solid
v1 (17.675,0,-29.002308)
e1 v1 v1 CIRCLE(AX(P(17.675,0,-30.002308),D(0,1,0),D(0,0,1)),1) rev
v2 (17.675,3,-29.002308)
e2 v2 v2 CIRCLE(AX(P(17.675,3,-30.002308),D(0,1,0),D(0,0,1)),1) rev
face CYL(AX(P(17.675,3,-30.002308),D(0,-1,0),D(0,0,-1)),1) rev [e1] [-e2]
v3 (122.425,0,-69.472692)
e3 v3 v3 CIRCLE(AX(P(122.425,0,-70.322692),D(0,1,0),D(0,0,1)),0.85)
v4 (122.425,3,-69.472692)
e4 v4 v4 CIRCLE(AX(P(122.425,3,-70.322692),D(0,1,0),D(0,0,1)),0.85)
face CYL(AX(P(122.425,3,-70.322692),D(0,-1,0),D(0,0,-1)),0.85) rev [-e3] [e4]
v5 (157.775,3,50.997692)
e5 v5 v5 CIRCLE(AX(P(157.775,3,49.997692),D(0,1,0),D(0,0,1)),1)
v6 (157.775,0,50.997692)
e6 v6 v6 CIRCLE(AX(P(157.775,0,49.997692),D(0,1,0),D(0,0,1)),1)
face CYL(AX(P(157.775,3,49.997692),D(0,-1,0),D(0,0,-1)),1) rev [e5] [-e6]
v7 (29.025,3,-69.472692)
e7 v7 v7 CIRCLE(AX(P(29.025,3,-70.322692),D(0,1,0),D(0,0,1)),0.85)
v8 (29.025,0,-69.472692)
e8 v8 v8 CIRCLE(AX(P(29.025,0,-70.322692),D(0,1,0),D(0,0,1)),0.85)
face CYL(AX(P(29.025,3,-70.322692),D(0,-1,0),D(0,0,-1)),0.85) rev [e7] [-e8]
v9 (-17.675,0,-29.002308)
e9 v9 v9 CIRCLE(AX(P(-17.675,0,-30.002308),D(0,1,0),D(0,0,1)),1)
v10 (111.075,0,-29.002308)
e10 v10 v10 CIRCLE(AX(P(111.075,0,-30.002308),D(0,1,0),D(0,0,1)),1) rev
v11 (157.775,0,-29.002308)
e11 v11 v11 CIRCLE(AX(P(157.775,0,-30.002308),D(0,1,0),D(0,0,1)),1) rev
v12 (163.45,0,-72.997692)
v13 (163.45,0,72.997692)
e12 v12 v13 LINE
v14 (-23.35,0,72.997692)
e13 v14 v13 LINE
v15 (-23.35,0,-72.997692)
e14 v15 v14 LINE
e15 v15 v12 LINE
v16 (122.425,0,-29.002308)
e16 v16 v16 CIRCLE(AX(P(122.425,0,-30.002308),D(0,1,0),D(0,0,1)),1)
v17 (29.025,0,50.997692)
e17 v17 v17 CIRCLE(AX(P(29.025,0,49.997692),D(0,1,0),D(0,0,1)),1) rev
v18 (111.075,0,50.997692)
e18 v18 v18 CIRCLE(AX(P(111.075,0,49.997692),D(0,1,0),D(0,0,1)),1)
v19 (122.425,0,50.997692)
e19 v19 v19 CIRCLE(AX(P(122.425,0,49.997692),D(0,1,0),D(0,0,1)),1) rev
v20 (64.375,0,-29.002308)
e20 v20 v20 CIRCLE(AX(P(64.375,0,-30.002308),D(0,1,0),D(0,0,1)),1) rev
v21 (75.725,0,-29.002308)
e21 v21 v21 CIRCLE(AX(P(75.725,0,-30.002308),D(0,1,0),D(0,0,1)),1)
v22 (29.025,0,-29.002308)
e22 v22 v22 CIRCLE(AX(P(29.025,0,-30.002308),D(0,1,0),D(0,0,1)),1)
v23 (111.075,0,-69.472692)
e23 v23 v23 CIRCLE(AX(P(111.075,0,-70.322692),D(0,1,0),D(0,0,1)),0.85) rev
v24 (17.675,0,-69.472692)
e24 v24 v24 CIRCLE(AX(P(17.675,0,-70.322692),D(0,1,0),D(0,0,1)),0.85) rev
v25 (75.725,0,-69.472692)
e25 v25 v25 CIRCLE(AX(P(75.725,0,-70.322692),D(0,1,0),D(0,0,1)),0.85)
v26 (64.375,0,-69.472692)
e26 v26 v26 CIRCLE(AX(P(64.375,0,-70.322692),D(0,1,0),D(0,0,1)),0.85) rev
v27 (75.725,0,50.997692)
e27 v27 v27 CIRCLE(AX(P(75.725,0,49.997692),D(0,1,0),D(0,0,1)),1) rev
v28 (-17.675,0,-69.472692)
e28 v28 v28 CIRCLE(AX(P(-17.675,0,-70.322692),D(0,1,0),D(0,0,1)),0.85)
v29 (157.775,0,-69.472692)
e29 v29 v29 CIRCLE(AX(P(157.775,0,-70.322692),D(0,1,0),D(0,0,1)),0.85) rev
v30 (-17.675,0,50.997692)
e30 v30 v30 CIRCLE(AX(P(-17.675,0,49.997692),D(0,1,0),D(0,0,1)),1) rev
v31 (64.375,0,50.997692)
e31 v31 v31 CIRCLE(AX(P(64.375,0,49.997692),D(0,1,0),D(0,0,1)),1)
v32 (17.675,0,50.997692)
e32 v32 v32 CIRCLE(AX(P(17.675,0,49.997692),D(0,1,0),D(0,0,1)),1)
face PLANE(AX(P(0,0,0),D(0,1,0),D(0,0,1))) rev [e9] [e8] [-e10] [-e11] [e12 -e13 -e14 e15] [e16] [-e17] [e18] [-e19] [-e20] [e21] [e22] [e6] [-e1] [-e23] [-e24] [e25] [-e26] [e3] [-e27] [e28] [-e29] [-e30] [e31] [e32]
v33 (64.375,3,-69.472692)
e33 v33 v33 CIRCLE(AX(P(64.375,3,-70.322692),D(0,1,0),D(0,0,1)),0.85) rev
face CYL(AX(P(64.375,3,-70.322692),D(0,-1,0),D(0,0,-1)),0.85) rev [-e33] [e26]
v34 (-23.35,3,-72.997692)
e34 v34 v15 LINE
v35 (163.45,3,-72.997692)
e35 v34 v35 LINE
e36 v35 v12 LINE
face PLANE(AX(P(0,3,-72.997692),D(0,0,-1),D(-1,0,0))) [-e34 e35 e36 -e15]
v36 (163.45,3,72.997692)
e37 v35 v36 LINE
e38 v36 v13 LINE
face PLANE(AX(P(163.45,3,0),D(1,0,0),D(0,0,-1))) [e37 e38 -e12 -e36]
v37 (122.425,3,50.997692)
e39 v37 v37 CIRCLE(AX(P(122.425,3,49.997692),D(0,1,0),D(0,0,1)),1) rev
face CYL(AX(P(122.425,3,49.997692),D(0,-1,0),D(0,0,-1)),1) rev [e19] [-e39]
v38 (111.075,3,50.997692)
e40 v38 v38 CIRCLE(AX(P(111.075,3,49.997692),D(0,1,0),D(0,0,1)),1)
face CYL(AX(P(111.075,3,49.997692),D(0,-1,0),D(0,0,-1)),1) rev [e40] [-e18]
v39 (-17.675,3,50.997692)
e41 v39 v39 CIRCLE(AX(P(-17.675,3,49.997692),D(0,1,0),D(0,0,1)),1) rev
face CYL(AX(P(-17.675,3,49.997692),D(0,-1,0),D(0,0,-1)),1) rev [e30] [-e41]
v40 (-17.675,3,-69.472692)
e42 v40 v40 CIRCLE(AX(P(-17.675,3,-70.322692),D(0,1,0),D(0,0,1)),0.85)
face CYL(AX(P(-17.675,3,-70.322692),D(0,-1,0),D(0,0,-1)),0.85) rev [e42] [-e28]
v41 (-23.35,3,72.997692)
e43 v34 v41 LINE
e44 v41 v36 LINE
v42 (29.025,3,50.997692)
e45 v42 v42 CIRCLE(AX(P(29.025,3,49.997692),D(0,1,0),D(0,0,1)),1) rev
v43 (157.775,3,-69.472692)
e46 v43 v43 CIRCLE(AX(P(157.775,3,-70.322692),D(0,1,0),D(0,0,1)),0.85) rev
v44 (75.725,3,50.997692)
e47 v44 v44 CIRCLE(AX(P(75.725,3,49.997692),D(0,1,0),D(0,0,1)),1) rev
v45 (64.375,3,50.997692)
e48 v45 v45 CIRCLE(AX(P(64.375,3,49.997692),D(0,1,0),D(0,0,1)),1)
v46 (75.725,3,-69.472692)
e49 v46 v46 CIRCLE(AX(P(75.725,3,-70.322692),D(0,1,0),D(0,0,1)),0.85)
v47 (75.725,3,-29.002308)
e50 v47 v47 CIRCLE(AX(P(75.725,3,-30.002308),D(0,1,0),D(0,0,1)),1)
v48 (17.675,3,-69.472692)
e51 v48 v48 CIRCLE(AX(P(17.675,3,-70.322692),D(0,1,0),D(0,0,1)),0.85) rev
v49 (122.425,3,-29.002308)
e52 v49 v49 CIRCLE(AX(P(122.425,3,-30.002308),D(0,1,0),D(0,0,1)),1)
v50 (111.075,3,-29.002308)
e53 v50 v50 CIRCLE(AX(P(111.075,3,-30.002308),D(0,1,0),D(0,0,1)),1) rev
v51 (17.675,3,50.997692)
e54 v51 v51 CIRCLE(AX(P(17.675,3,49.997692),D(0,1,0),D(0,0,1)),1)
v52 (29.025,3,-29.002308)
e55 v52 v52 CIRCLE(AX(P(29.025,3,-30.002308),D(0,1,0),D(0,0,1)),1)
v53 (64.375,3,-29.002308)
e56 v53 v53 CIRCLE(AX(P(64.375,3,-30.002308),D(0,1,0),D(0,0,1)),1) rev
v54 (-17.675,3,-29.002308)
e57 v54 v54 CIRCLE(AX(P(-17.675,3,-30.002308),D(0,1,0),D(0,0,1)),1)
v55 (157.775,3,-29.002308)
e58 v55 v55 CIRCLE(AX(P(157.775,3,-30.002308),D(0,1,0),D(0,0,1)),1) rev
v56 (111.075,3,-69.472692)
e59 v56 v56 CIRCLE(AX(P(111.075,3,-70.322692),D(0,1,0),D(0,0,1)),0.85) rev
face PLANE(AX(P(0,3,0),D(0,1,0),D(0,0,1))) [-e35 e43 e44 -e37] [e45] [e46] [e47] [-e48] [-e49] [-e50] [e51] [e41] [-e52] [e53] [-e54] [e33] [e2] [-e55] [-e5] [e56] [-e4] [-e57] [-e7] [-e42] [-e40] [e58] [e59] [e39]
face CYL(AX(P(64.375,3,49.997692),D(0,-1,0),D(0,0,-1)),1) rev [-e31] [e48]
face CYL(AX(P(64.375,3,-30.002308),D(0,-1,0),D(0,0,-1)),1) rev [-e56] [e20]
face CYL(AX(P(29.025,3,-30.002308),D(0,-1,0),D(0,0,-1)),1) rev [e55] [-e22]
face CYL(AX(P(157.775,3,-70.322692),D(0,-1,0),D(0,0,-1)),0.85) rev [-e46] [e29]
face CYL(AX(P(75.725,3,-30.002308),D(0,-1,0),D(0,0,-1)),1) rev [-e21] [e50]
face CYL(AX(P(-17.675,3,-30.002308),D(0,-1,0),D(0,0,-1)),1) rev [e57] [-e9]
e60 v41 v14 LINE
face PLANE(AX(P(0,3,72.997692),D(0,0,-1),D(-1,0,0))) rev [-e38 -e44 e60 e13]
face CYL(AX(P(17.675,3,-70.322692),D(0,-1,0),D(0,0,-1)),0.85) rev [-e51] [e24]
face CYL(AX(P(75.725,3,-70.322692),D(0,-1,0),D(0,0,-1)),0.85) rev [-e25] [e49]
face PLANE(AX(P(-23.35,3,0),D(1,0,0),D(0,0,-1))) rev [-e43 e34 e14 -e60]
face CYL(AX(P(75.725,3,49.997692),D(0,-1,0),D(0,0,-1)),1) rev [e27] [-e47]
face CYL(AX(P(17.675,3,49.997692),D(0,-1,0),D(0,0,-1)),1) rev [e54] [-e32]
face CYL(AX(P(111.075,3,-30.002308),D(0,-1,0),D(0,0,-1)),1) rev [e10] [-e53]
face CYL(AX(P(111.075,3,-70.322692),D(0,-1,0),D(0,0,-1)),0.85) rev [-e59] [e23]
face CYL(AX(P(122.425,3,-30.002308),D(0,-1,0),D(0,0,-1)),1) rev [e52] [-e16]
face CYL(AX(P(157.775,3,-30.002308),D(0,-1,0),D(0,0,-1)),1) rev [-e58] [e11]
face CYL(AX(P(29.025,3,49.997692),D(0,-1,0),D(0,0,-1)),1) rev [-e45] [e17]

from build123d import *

# Parameters (mm, degrees)
SKETCH1_W           = 46.7
SKETCH1_H           = 145.995384974
SKETCH1_R           = 1
SKETCH1_R_2         = 0.85
BOSS_EXTRUDE1_DEPTH = 3


with BuildPart() as part:
    # Sketch1 → Boss-Extrude1 (new body)
    # profile 1 of 4: a face of its own
    with BuildSketch(Plane(origin=(0, 0, 0), x_dir=(1, 0, 0), z_dir=(0, 1, 0))):
        Rectangle(SKETCH1_W, SKETCH1_H)
        with Locations(Location((-17.675, -49.997692487, 0), (0, 0, 270))):
            Circle(SKETCH1_R, mode=Mode.SUBTRACT)
        with Locations(Location((17.675, -49.997692487, 0), (0, 0, 270))):
            Circle(SKETCH1_R, mode=Mode.SUBTRACT)
        with Locations(Location((-17.675, 30.002307513, 0), (0, 0, 270))):
            Circle(SKETCH1_R, mode=Mode.SUBTRACT)
        with Locations(Location((17.675, 30.002307513, 0), (0, 0, 270))):
            Circle(SKETCH1_R, mode=Mode.SUBTRACT)
        with Locations(Location((-17.675, 70.322692487, 0), (0, 0, 270))):
            Circle(SKETCH1_R_2, mode=Mode.SUBTRACT)
        with Locations(Location((17.675, 70.322692487, 0), (0, 0, 270))):
            Circle(SKETCH1_R_2, mode=Mode.SUBTRACT)
    # profile 2 of 4: a face of its own
    with BuildSketch(Plane(origin=(0, 0, 0), x_dir=(1, 0, 0), z_dir=(0, 1, 0))):
        with Locations((46.7, 0)):
            Rectangle(SKETCH1_W, SKETCH1_H)
        with Locations(Location((29.025, -49.997692487, 0), (0, 0, 270))):
            Circle(SKETCH1_R, mode=Mode.SUBTRACT)
        with Locations(Location((64.375, -49.997692487, 0), (0, 0, 270))):
            Circle(SKETCH1_R, mode=Mode.SUBTRACT)
        with Locations(Location((29.025, 30.002307513, 0), (0, 0, 270))):
            Circle(SKETCH1_R, mode=Mode.SUBTRACT)
        with Locations(Location((64.375, 30.002307513, 0), (0, 0, 270))):
            Circle(SKETCH1_R, mode=Mode.SUBTRACT)
        with Locations(Location((29.025, 70.322692487, 0), (0, 0, 270))):
            Circle(SKETCH1_R_2, mode=Mode.SUBTRACT)
        with Locations(Location((64.375, 70.322692487, 0), (0, 0, 270))):
            Circle(SKETCH1_R_2, mode=Mode.SUBTRACT)
    # profile 3 of 4: a face of its own
    with BuildSketch(Plane(origin=(0, 0, 0), x_dir=(1, 0, 0), z_dir=(0, 1, 0))):
        with Locations((93.4, 0)):
            Rectangle(SKETCH1_W, SKETCH1_H)
        with Locations(Location((75.725, -49.997692487, 0), (0, 0, 270))):
            Circle(SKETCH1_R, mode=Mode.SUBTRACT)
        with Locations(Location((111.075, -49.997692487, 0), (0, 0, 270))):
            Circle(SKETCH1_R, mode=Mode.SUBTRACT)
        with Locations(Location((75.725, 30.002307513, 0), (0, 0, 270))):
            Circle(SKETCH1_R, mode=Mode.SUBTRACT)
        with Locations(Location((111.075, 30.002307513, 0), (0, 0, 270))):
            Circle(SKETCH1_R, mode=Mode.SUBTRACT)
        with Locations(Location((75.725, 70.322692487, 0), (0, 0, 270))):
            Circle(SKETCH1_R_2, mode=Mode.SUBTRACT)
        with Locations(Location((111.075, 70.322692487, 0), (0, 0, 270))):
            Circle(SKETCH1_R_2, mode=Mode.SUBTRACT)
    # profile 4 of 4: a face of its own
    with BuildSketch(Plane(origin=(0, 0, 0), x_dir=(1, 0, 0), z_dir=(0, 1, 0))):
        with Locations((140.1, 0)):
            Rectangle(SKETCH1_W, SKETCH1_H)
        with Locations(Location((122.425, -49.997692487, 0), (0, 0, 270))):
            Circle(SKETCH1_R, mode=Mode.SUBTRACT)
        with Locations(Location((157.775, -49.997692487, 0), (0, 0, 270))):
            Circle(SKETCH1_R, mode=Mode.SUBTRACT)
        with Locations(Location((122.425, 30.002307513, 0), (0, 0, 270))):
            Circle(SKETCH1_R, mode=Mode.SUBTRACT)
        with Locations(Location((157.775, 30.002307513, 0), (0, 0, 270))):
            Circle(SKETCH1_R, mode=Mode.SUBTRACT)
        with Locations(Location((122.425, 70.322692487, 0), (0, 0, 270))):
            Circle(SKETCH1_R_2, mode=Mode.SUBTRACT)
        with Locations(Location((157.775, 70.322692487, 0), (0, 0, 270))):
            Circle(SKETCH1_R_2, mode=Mode.SUBTRACT)
    extrude(amount=BOSS_EXTRUDE1_DEPTH)


solid = part.part
